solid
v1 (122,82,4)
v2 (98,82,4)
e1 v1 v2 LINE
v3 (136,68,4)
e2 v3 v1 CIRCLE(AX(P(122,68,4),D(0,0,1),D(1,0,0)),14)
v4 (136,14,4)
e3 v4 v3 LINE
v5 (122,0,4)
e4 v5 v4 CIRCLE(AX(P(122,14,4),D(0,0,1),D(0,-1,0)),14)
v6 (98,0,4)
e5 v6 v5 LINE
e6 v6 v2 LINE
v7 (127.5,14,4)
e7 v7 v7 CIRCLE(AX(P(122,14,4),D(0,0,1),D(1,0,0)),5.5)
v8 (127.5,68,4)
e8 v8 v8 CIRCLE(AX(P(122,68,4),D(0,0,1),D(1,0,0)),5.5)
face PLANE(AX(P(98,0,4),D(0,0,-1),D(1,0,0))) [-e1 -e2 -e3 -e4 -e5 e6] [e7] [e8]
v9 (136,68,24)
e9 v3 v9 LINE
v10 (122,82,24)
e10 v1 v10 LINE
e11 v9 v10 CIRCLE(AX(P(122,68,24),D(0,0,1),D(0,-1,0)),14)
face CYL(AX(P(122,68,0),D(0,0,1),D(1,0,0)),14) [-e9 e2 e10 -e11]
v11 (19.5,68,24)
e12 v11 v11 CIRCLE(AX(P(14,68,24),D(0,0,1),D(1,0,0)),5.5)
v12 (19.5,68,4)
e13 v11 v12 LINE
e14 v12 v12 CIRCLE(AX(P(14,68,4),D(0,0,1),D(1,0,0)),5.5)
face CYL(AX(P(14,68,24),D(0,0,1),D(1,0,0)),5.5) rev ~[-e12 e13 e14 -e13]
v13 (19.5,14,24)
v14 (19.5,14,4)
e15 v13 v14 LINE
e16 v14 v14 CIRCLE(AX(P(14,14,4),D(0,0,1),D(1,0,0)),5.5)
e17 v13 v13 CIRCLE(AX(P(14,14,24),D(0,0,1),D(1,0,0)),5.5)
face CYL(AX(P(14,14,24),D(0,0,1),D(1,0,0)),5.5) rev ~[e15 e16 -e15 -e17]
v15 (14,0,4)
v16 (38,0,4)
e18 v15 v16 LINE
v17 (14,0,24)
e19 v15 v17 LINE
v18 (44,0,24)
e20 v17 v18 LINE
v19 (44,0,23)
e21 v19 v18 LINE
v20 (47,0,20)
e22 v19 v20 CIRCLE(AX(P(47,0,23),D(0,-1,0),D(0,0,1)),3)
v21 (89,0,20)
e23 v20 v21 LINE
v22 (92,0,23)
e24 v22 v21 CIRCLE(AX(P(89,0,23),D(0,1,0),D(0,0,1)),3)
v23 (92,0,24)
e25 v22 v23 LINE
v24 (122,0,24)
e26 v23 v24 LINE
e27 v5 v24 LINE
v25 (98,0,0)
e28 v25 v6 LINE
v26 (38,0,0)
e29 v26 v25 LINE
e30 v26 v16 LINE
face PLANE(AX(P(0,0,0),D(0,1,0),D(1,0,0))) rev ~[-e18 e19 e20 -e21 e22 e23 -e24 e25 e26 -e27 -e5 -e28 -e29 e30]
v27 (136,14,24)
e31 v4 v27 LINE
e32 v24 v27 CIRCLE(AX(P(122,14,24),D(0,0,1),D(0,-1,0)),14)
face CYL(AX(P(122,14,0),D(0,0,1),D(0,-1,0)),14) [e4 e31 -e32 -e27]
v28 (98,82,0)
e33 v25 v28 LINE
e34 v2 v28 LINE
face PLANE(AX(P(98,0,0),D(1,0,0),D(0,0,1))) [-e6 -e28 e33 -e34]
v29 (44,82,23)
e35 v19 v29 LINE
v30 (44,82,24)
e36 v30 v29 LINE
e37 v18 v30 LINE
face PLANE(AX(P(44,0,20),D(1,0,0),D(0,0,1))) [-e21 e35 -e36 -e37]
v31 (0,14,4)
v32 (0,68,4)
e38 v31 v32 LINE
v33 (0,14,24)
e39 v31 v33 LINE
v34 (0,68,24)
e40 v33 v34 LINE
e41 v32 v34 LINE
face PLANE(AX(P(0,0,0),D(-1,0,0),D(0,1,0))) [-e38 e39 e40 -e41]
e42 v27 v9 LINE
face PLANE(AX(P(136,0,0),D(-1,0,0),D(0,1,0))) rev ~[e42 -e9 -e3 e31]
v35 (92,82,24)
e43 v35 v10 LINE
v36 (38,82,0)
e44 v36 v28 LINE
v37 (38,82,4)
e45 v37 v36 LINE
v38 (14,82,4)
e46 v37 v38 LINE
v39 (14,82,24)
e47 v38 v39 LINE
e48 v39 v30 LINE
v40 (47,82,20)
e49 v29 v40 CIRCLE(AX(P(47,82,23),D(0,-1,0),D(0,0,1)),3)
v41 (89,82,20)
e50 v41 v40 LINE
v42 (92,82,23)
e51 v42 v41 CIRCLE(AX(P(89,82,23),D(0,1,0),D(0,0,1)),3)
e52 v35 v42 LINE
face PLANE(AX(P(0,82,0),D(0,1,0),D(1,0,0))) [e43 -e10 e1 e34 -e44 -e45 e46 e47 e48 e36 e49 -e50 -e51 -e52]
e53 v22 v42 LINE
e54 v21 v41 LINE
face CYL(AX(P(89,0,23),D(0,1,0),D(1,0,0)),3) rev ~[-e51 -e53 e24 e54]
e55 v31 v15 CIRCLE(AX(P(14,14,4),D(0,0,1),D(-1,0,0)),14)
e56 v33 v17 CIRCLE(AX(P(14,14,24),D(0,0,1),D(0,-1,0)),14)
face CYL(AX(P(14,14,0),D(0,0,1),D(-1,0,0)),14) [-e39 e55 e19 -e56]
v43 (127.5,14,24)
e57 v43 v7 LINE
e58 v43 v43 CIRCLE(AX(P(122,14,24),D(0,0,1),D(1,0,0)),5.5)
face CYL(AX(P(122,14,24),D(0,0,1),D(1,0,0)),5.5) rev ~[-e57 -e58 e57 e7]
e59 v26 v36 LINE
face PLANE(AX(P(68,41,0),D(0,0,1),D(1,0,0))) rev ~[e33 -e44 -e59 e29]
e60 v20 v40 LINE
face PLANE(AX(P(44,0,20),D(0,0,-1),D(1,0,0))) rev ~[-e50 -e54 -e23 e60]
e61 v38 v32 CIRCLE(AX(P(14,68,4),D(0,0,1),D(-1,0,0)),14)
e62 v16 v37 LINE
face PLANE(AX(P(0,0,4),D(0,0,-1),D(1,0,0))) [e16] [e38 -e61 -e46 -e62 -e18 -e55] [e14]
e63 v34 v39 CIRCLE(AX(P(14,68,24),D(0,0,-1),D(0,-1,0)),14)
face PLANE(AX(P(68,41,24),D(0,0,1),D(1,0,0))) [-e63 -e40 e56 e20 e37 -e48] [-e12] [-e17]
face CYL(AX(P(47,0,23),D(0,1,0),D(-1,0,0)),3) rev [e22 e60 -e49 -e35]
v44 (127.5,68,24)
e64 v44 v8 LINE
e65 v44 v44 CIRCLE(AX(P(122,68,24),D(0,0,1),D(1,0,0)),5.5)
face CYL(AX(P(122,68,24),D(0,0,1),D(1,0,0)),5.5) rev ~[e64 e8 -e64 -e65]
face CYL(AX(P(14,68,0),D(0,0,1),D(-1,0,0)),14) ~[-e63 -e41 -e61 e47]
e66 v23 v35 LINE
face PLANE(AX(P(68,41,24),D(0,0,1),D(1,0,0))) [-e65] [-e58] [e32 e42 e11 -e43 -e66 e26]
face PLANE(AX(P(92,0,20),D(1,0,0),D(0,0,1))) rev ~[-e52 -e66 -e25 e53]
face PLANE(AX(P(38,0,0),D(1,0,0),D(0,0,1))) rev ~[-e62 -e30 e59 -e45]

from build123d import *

# Parameters (mm, degrees)
F0_W     = 136
F0_H     = 82
F1_DEPTH = 24
F2_R     = 14
F3_W     = 48
F3_H     = 4
F4_DEPTH = 82.001
F5_R     = 3
F6_W     = 38
F6_H     = 4
F7_DEPTH = 82.001
F8_R     = 5.5
F9_DEPTH = 24.001


with BuildPart() as f1:
    # F0 (on Top) → F1 (new body)
    with BuildSketch(Plane.XY):
        with Locations((68, 41)):
            Rectangle(F0_W, F0_H)
    extrude(amount=F1_DEPTH)

    # F2
    f2_edges = [f1.edges().sort_by_distance(p)[0] for p in [
        (0, 0, 12),
        (136, 0, 12),
        (136, 82, 12),
        (0, 82, 12),
    ]]
    fillet(f2_edges, radius=F2_R)

    # F3 (on Front) → F4 (cut, through all)
    with BuildSketch(Plane.XZ):
        with Locations((68, 22)):
            Rectangle(F3_W, F3_H)
    extrude(amount=-F4_DEPTH, mode=Mode.SUBTRACT)

    # F5
    f5_edges = [f1.edges().sort_by_distance(p)[0] for p in [
        (44, 41, 20),
        (92, 41, 20),
    ]]
    fillet(f5_edges, radius=F5_R)

    # F6 (on Front) → F7 (cut, through all)
    with BuildSketch(Plane.XZ):
        with Locations((19, 2)):
            Rectangle(F6_W, F6_H)
        with Locations((117, 2)):
            Rectangle(F6_W, F6_H)
    extrude(amount=-F7_DEPTH, mode=Mode.SUBTRACT)

    # F8 (on face) → F9 (cut, through all)
    with BuildSketch(Plane.XY.offset(24)):
        with Locations((14, 68)):
            Circle(F8_R)
        with Locations((14, 14)):
            Circle(F8_R)
        with Locations((122, 68)):
            Circle(F8_R)
        with Locations((122, 14)):
            Circle(F8_R)
    extrude(amount=-F9_DEPTH, mode=Mode.SUBTRACT)


solid = f1.part
